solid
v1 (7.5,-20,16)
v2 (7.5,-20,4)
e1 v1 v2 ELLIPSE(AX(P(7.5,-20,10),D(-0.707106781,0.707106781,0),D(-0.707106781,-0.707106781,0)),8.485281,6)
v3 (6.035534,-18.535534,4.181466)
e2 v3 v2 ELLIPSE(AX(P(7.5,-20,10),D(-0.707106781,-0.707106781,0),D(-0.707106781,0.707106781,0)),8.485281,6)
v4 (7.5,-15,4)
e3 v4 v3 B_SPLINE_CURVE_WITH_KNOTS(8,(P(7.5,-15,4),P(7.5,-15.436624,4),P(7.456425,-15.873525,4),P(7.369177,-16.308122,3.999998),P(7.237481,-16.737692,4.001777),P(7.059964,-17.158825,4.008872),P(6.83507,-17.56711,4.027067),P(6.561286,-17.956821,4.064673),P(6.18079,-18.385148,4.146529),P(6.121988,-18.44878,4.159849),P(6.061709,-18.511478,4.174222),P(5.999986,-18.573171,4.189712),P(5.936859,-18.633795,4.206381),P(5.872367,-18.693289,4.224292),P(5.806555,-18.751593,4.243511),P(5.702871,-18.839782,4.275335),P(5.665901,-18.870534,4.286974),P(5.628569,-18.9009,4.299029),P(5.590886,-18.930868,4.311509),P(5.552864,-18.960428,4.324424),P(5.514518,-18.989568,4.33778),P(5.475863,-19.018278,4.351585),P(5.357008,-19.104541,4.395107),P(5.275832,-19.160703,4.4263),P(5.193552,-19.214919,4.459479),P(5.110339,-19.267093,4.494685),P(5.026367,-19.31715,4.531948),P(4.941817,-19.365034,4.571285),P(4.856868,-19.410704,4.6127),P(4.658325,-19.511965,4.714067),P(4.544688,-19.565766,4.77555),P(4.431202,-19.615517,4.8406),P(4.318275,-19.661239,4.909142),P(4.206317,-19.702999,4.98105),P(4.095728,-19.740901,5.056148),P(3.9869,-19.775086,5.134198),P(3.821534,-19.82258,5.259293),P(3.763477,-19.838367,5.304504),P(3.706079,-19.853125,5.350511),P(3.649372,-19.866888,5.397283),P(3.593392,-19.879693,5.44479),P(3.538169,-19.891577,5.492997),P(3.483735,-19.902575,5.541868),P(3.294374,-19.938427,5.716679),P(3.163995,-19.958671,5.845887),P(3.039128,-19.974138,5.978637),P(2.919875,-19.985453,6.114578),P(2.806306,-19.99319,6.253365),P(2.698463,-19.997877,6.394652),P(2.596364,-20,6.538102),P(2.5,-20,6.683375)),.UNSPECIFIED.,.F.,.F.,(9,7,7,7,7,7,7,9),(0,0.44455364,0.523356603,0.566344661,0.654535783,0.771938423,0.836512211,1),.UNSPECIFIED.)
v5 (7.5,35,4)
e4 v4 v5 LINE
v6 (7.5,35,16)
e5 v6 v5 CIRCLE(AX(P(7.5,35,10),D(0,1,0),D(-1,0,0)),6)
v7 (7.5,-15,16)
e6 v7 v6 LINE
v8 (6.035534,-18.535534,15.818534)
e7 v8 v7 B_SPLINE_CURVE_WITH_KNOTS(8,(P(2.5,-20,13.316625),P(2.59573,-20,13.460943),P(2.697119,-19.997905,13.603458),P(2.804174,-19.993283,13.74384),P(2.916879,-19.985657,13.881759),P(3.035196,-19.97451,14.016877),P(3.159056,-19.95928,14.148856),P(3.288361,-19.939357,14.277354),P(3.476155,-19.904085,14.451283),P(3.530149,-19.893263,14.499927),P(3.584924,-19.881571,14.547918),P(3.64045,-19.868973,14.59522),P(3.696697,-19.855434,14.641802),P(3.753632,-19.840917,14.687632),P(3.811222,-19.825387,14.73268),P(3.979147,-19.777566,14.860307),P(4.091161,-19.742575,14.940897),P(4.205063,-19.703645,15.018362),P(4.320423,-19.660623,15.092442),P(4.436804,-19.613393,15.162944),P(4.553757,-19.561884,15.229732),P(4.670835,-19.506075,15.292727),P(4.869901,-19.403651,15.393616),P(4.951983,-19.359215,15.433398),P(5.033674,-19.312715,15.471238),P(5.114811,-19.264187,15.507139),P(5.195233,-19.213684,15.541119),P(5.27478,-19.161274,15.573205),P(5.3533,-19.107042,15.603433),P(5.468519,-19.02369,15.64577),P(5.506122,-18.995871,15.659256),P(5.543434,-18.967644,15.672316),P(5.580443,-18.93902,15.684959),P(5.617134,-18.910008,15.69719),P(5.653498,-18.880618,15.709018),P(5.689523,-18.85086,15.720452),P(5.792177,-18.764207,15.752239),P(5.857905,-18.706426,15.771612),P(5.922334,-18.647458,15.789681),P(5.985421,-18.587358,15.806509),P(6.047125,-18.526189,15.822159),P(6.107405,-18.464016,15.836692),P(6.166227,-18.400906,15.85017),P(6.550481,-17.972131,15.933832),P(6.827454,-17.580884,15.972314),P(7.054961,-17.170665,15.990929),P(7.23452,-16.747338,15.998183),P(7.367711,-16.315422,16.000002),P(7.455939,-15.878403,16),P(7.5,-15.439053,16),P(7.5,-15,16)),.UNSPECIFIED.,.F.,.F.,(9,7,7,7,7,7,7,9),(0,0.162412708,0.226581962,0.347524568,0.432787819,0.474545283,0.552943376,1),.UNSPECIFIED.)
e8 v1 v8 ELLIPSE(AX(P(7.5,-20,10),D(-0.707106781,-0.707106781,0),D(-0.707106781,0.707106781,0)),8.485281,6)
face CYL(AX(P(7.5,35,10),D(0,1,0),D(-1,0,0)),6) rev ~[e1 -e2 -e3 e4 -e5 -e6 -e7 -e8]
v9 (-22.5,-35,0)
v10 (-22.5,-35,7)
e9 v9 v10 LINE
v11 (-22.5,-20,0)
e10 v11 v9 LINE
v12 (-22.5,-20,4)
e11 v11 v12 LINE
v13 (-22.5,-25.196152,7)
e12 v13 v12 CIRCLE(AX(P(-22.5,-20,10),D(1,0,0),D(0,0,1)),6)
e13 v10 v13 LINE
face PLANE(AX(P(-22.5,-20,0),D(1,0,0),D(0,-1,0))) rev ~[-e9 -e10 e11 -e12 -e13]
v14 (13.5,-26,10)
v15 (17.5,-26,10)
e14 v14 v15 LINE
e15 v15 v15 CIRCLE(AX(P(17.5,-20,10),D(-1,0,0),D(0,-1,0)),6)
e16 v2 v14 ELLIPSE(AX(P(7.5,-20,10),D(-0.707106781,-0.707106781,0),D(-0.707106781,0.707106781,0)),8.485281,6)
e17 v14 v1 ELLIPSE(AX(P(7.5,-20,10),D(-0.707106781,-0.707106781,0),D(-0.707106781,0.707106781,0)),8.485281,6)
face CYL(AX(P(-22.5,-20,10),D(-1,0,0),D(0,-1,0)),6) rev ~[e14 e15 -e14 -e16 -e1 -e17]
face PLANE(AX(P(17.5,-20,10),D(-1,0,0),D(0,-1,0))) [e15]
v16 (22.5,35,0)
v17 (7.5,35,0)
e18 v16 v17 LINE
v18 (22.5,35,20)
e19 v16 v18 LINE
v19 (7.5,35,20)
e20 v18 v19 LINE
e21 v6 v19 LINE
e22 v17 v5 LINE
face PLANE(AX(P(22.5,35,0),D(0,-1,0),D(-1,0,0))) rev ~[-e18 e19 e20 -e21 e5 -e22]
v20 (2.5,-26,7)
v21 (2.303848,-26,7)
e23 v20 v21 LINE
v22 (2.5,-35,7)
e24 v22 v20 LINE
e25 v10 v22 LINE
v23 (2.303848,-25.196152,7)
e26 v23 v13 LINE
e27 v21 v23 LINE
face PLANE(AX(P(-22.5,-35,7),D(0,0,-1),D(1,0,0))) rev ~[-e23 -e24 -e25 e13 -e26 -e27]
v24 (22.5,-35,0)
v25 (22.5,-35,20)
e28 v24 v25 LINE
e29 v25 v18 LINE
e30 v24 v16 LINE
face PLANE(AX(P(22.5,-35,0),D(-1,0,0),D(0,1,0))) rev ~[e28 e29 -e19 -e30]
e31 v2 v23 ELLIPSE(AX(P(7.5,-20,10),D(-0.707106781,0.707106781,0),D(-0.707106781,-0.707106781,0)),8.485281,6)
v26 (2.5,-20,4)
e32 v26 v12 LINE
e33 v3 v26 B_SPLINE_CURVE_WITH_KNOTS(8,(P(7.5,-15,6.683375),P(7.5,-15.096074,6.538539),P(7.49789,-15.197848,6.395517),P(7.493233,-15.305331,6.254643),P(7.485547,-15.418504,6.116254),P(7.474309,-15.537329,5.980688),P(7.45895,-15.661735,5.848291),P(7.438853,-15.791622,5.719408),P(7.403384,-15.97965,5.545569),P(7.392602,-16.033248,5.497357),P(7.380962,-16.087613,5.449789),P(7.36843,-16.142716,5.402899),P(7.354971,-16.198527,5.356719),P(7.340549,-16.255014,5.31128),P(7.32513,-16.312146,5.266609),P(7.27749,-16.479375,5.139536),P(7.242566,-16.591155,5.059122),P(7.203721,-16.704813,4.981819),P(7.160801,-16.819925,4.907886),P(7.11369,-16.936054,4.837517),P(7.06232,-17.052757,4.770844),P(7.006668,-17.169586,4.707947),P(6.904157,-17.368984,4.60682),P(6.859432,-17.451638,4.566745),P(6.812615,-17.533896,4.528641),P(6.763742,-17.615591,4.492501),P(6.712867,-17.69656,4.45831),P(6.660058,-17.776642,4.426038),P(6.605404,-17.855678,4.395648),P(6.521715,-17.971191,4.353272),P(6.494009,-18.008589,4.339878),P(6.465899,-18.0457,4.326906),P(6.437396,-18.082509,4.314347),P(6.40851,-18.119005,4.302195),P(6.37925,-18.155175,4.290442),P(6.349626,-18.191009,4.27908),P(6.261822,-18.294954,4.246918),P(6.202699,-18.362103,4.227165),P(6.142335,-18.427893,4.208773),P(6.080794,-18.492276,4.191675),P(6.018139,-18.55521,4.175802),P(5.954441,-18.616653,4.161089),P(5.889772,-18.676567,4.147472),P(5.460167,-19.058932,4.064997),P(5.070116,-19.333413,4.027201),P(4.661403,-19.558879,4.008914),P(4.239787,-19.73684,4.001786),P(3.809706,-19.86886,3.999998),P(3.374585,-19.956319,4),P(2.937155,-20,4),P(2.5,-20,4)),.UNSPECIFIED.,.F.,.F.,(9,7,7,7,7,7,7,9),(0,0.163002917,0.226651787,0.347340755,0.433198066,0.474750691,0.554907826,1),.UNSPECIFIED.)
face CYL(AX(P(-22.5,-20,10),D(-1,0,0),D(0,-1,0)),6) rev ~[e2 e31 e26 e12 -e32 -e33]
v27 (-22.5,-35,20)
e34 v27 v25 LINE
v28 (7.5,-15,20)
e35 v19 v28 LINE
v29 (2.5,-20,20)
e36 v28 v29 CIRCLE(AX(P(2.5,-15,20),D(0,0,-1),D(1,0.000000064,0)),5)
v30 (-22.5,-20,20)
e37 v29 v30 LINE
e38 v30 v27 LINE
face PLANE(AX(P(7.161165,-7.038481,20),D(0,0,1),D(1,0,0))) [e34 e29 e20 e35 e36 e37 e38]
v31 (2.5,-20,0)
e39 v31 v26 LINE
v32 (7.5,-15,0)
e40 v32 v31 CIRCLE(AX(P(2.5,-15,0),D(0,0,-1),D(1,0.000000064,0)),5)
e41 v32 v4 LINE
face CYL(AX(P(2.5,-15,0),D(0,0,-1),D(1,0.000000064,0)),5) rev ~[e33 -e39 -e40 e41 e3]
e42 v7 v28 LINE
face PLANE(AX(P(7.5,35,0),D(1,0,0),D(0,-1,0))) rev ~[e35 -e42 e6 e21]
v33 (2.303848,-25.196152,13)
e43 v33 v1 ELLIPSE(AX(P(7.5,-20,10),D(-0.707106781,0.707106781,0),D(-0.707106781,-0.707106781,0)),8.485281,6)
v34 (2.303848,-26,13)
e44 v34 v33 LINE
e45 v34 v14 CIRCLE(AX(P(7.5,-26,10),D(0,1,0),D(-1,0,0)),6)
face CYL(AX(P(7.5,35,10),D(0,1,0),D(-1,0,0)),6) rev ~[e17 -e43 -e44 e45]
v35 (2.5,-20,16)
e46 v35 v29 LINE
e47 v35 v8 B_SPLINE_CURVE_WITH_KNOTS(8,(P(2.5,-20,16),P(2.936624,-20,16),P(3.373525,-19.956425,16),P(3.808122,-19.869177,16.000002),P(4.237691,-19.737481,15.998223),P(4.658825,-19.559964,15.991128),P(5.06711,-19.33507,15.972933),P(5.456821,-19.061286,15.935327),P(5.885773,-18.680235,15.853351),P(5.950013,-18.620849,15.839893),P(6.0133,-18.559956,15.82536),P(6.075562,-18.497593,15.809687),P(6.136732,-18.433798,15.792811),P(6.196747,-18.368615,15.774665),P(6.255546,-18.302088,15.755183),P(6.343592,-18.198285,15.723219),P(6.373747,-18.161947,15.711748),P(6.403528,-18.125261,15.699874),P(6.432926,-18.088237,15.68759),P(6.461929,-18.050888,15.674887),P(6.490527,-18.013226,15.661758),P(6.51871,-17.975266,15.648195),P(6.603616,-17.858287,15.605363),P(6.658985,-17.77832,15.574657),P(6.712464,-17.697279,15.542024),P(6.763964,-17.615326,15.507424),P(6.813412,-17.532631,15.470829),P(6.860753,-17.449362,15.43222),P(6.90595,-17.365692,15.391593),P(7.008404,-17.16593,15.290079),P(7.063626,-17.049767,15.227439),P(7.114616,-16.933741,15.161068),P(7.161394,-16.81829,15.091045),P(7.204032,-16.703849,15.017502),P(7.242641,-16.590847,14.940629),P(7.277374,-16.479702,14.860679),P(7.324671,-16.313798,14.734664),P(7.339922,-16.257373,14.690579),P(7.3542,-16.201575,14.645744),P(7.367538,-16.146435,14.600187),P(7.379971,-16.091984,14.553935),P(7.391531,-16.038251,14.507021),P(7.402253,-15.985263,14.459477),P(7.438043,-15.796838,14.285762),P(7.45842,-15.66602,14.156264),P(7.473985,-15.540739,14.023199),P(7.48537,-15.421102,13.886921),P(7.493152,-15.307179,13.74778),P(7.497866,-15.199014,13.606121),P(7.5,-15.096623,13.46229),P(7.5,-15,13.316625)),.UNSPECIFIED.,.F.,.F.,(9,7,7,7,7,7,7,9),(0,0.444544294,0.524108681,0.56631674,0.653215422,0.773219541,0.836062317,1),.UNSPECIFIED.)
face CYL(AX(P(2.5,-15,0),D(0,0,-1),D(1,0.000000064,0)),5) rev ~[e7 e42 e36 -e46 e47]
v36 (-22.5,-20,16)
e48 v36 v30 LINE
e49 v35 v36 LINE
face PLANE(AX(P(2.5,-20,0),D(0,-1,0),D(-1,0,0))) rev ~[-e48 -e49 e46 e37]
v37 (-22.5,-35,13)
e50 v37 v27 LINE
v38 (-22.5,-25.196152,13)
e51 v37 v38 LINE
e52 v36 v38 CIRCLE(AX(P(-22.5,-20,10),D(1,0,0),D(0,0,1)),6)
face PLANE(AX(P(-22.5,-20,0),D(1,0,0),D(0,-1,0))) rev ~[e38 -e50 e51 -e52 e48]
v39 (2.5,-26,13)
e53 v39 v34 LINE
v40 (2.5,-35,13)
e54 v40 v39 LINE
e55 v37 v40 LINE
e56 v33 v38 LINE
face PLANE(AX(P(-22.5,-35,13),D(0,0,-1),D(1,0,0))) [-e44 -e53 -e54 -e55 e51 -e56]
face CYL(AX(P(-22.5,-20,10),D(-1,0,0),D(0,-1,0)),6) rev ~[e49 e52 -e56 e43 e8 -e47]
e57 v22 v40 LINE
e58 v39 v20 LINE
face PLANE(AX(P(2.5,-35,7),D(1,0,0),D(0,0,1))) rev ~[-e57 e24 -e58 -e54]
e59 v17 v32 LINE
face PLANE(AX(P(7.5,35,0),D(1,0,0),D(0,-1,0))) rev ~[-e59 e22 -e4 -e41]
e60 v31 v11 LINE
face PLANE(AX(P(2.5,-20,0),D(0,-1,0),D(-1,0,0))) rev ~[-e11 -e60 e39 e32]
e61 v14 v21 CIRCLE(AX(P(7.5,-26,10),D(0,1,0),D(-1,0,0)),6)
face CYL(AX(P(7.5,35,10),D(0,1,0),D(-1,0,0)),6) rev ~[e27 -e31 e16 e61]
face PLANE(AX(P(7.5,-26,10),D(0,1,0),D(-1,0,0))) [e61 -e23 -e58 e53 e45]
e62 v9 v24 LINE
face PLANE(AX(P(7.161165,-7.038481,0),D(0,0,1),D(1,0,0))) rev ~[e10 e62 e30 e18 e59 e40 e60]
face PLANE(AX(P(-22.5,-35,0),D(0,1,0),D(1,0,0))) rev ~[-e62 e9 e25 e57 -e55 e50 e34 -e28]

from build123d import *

# Parameters (mm, degrees)
F1_DEPTH = 20
F2_R     = 6
F3_DEPTH = 40
F4_R     = 6
F5_DEPTH = 61
F6_W     = 25
F6_H     = 6
F7_DEPTH = 25


with BuildPart() as f1:
    # F0 (on Top) → F1 (new body)
    with BuildSketch(Plane.XY):
        with BuildLine():
            Line((22.5, 35), (7.5, 35))
            Line((7.5, 35), (7.5, -15))
            ThreePointArc((7.5, -15), (6.035534, -18.535534), (2.5, -20))
            Line((2.5, -20), (-22.5, -20))
            Line((-22.5, -20), (-22.5, -35))
            Line((-22.5, -35), (22.5, -35))
            Line((22.5, -35), (22.5, 35))
        make_face()
    extrude(amount=F1_DEPTH)

    # F2 (on face) → F3 (cut)
    with BuildSketch(Plane(origin=(-22.5, 0, 0), x_dir=(0, -1, 0), z_dir=(-1, 0, 0))):
        with Locations((20, 10)):
            Circle(F2_R)
    extrude(amount=-F3_DEPTH, mode=Mode.SUBTRACT)

    # F4 (on face) → F5 (cut)
    with BuildSketch(Plane(origin=(0, 35, 0), x_dir=(-1, 0, 0), z_dir=(0, 1, 0))):
        with Locations((-7.5, 10)):
            Circle(F4_R)
    extrude(amount=-F5_DEPTH, mode=Mode.SUBTRACT)

    # F6 (on face) → F7 (cut)
    with BuildSketch(Plane.XZ.offset(35)):
        with Locations((-10, 10)):
            Rectangle(F6_W, F6_H)
    extrude(amount=-F7_DEPTH, mode=Mode.SUBTRACT)


solid = f1.part
